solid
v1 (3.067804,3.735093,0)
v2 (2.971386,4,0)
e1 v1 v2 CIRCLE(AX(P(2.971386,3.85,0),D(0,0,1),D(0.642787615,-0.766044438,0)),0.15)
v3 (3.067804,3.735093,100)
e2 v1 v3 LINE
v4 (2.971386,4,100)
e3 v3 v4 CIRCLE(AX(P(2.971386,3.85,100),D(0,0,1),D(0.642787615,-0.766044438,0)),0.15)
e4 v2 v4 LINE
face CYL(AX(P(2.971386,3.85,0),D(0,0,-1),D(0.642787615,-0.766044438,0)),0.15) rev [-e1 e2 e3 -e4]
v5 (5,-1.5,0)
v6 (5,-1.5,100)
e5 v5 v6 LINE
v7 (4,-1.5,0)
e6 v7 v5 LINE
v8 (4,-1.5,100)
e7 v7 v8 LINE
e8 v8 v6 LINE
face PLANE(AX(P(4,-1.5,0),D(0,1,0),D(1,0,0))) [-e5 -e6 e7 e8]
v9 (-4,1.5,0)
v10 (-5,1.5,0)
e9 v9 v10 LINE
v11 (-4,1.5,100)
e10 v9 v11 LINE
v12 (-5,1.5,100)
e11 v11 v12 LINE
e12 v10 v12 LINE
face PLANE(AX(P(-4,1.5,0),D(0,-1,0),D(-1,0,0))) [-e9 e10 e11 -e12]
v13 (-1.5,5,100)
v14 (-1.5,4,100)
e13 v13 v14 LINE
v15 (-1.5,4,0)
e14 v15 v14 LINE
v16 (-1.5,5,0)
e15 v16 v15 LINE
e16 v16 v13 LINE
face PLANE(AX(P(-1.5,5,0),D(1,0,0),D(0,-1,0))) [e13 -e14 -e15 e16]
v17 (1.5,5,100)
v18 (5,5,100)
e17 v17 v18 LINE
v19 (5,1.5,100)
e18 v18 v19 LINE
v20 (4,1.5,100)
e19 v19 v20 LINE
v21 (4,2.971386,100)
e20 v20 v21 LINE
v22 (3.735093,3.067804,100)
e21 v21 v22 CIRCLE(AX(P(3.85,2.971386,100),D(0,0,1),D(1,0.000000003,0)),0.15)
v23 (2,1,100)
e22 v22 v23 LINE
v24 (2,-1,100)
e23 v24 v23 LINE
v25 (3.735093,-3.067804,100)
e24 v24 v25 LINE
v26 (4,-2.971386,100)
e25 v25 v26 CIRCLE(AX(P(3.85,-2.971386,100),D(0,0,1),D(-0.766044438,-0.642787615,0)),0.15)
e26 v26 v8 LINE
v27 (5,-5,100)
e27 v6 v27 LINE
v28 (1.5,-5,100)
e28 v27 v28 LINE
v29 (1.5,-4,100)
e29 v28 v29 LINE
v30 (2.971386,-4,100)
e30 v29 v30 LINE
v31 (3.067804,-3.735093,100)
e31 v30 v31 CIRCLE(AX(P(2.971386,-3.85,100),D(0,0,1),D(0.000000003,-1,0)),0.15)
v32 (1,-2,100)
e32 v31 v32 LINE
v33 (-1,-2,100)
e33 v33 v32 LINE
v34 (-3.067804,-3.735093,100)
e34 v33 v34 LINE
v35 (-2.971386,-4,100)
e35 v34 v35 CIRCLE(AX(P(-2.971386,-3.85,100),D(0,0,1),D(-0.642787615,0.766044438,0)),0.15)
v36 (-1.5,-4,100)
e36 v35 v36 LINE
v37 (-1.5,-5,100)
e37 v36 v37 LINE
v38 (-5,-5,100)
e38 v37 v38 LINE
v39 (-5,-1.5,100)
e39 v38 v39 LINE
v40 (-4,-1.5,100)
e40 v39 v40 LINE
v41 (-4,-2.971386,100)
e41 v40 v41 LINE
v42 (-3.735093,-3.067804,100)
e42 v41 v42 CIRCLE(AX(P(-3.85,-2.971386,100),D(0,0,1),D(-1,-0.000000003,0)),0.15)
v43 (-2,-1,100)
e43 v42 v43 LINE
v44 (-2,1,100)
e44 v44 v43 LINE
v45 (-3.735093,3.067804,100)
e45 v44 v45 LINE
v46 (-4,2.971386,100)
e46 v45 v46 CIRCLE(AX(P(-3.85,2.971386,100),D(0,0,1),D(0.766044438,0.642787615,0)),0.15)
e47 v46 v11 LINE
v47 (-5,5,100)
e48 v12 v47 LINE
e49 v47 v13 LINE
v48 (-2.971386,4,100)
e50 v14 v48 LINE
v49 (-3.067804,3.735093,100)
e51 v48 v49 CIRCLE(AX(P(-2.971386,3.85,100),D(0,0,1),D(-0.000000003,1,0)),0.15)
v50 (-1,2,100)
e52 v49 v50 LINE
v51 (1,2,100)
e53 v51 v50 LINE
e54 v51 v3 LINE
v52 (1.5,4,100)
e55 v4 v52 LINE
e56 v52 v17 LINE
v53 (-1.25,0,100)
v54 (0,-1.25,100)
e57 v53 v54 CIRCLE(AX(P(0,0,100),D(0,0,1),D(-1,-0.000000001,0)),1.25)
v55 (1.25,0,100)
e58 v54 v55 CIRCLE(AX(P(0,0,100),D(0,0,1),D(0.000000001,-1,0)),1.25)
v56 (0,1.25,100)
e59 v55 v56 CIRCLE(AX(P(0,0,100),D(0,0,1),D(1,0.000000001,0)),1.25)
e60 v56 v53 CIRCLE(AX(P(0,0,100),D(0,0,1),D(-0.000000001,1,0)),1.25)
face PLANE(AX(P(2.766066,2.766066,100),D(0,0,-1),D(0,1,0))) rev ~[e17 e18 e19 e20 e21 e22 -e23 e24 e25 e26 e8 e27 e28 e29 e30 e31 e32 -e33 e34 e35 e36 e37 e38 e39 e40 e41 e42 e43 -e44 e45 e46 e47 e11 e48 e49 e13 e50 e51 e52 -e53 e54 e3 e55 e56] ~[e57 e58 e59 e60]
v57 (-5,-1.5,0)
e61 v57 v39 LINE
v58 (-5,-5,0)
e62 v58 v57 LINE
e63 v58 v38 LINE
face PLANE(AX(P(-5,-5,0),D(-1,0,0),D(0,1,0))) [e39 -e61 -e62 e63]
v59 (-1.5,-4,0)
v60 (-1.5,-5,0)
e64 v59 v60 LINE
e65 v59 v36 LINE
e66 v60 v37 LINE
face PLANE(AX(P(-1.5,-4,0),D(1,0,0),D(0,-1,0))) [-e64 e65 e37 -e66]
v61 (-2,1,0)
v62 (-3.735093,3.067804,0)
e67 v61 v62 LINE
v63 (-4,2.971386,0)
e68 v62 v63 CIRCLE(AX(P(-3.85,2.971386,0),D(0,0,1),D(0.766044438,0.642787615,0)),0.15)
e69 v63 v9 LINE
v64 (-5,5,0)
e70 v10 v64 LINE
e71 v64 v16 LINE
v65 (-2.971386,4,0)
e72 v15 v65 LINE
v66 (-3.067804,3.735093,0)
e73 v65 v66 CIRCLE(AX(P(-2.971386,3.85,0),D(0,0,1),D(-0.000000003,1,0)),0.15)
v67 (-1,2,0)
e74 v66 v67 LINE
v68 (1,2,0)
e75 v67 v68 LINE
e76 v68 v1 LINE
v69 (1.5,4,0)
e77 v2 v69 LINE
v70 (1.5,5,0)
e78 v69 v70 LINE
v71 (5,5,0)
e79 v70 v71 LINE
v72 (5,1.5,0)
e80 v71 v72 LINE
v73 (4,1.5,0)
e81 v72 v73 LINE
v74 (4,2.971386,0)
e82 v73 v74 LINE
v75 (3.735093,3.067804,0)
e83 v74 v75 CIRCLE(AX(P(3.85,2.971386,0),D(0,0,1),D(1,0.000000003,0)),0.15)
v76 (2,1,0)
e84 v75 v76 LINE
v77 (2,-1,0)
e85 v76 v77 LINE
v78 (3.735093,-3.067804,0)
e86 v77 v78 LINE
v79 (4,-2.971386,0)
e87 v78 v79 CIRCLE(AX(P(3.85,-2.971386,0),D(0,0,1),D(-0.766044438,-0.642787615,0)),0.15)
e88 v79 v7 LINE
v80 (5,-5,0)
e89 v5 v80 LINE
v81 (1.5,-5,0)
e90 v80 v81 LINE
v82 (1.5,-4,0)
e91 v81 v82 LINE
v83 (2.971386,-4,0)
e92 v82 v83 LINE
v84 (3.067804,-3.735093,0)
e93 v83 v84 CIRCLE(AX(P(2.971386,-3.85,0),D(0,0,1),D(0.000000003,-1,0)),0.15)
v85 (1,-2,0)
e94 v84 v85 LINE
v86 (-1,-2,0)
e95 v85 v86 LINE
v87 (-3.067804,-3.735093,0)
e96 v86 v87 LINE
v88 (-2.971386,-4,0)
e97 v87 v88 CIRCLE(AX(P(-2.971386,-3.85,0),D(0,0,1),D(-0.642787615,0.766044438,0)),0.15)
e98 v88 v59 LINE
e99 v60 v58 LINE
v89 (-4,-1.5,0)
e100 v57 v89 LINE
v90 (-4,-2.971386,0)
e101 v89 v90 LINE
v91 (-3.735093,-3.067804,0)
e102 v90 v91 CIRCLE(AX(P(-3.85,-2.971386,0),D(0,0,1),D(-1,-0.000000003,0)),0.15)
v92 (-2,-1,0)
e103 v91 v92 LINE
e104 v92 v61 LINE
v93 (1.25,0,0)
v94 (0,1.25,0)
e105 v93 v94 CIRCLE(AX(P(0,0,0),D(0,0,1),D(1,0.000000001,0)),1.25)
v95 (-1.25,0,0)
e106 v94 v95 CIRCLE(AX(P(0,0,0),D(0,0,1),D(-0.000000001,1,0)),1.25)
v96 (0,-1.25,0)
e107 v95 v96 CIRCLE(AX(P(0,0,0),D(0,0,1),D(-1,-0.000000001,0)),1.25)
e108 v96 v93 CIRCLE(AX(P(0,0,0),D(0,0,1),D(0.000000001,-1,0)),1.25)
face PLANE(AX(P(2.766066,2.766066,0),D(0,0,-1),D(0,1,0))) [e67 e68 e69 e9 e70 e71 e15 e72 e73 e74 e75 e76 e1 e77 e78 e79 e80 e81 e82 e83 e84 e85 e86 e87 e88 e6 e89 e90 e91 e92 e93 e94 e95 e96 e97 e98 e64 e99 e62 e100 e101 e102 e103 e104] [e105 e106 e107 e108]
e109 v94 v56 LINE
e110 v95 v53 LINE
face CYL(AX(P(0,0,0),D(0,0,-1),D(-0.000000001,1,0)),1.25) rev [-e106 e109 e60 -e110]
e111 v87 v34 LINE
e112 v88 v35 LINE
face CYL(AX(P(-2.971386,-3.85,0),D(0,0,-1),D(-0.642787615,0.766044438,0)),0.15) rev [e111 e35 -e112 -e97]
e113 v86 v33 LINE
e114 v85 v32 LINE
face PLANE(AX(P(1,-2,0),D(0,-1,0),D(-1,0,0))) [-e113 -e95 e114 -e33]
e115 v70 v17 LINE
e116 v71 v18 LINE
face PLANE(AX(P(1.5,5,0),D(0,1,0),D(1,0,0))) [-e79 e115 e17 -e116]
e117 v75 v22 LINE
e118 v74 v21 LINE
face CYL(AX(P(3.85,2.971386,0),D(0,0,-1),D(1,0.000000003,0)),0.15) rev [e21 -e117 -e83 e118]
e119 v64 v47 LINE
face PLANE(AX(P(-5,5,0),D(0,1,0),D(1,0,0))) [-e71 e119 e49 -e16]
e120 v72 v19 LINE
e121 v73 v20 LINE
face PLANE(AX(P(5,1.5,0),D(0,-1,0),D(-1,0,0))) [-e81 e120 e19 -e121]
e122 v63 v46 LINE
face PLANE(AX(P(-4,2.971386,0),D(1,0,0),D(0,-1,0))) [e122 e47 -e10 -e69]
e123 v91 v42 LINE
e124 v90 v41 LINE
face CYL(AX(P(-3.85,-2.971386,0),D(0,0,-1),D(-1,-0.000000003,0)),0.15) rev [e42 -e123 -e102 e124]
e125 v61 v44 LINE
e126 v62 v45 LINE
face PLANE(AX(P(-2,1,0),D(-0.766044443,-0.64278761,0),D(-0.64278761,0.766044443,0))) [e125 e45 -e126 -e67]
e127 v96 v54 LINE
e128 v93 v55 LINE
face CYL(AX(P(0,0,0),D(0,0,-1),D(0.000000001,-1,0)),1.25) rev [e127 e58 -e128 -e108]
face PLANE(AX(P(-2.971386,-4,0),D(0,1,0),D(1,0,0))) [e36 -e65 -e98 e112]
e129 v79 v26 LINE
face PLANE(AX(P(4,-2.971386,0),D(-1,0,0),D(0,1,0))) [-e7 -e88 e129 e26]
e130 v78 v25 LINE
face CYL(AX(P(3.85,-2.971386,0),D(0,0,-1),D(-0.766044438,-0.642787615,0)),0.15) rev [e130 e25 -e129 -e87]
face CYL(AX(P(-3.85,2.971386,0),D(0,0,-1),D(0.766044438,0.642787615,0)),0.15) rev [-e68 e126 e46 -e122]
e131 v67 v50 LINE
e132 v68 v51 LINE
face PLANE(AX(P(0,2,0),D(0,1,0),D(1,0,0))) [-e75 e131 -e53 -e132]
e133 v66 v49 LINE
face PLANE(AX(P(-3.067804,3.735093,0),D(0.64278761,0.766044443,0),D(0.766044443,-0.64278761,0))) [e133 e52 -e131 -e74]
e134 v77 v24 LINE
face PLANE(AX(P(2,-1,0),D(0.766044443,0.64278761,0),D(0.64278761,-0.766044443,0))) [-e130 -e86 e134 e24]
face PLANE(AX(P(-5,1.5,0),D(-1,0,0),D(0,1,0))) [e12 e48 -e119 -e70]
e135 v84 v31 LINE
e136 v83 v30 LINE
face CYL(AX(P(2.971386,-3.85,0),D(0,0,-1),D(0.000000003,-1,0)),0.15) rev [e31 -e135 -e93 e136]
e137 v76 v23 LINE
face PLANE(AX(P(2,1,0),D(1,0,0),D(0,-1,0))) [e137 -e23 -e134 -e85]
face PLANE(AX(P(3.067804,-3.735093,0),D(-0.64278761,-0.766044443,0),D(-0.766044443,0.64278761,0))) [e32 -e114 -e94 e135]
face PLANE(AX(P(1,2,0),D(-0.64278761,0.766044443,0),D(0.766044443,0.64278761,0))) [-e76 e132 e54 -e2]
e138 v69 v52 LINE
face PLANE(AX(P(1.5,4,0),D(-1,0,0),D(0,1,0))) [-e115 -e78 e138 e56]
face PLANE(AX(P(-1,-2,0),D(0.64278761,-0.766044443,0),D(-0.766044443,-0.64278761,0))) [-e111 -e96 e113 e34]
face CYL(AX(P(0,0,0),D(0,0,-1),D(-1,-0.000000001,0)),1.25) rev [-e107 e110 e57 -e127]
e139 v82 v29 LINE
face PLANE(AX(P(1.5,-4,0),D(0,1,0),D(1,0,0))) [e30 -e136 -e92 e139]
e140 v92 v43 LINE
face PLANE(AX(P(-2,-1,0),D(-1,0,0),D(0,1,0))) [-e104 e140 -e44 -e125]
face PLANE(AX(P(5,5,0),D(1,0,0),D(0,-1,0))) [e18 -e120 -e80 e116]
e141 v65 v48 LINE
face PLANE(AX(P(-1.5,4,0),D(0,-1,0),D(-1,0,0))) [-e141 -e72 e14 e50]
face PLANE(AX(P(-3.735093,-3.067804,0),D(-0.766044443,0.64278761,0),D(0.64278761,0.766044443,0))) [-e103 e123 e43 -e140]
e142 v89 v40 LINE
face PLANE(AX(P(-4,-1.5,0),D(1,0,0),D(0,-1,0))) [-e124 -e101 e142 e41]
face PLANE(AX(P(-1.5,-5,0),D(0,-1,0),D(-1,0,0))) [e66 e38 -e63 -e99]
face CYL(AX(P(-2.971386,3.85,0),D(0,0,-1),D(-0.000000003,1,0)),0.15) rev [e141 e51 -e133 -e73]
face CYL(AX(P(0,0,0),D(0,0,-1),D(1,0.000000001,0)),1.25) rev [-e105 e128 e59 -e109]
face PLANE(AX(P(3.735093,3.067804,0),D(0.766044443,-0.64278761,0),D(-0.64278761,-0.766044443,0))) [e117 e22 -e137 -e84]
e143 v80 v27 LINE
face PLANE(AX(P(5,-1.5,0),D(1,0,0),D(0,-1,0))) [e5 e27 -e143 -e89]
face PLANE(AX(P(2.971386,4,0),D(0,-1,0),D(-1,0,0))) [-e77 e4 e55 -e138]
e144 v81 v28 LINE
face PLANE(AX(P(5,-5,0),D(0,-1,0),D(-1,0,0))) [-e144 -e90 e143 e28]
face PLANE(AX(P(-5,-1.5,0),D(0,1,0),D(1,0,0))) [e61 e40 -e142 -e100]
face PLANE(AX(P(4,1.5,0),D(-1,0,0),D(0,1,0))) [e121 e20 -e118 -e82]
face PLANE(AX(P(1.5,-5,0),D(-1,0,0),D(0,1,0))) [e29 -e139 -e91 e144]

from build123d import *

# Parameters (mm, degrees)
BOSS_EXTRU_1_DEPTH           = 100
R_P_TITION_CIRCULAIRE1_COUNT = 4


with BuildPart() as part:
    # Esquisse1 → Boss.-Extru.1 (new body)
    with BuildSketch(Plane.XY):
        with BuildLine():
            Line((0, 2), (0, 1.25))
            ThreePointArc((0, 1.25), (-0.883883476, 0.883883476), (-1.25, 0))
            Line((-1.25, 0), (-2, 0))
            Line((-2, 0), (-2, 1))
            Line((-2, 1), (-3.735093334, 3.067803714))
            ThreePointArc((-3.735093334, 3.067803714), (-3.901303021, 3.112339465), (-4, 2.971385572))
            Line((-4, 2.971385572), (-4, 1.5))
            Line((-4, 1.5), (-5, 1.5))
            Line((-5, 1.5), (-5, 5))
            Line((-5, 5), (-1.5, 5))
            Line((-1.5, 5), (-1.5, 4))
            Line((-1.5, 4), (-2.971385572, 4))
            ThreePointArc((-2.971385572, 4), (-3.112339465, 3.901303021), (-3.067803714, 3.735093334))
            Line((-3.067803714, 3.735093334), (-1, 2))
            Line((-1, 2), (0, 2))
        make_face()
    boss_extru_1 = extrude(amount=BOSS_EXTRU_1_DEPTH)

    # Répétition circulaire1: Boss.-Extru.1 ×4 about axis
    r_p_tition_circulaire1_axis = Axis((0, 0, 105), (0, 0, -1))
    for i in range(1, R_P_TITION_CIRCULAIRE1_COUNT):
        add(boss_extru_1.rotate(r_p_tition_circulaire1_axis, i * 360 / R_P_TITION_CIRCULAIRE1_COUNT))


solid = part.part
